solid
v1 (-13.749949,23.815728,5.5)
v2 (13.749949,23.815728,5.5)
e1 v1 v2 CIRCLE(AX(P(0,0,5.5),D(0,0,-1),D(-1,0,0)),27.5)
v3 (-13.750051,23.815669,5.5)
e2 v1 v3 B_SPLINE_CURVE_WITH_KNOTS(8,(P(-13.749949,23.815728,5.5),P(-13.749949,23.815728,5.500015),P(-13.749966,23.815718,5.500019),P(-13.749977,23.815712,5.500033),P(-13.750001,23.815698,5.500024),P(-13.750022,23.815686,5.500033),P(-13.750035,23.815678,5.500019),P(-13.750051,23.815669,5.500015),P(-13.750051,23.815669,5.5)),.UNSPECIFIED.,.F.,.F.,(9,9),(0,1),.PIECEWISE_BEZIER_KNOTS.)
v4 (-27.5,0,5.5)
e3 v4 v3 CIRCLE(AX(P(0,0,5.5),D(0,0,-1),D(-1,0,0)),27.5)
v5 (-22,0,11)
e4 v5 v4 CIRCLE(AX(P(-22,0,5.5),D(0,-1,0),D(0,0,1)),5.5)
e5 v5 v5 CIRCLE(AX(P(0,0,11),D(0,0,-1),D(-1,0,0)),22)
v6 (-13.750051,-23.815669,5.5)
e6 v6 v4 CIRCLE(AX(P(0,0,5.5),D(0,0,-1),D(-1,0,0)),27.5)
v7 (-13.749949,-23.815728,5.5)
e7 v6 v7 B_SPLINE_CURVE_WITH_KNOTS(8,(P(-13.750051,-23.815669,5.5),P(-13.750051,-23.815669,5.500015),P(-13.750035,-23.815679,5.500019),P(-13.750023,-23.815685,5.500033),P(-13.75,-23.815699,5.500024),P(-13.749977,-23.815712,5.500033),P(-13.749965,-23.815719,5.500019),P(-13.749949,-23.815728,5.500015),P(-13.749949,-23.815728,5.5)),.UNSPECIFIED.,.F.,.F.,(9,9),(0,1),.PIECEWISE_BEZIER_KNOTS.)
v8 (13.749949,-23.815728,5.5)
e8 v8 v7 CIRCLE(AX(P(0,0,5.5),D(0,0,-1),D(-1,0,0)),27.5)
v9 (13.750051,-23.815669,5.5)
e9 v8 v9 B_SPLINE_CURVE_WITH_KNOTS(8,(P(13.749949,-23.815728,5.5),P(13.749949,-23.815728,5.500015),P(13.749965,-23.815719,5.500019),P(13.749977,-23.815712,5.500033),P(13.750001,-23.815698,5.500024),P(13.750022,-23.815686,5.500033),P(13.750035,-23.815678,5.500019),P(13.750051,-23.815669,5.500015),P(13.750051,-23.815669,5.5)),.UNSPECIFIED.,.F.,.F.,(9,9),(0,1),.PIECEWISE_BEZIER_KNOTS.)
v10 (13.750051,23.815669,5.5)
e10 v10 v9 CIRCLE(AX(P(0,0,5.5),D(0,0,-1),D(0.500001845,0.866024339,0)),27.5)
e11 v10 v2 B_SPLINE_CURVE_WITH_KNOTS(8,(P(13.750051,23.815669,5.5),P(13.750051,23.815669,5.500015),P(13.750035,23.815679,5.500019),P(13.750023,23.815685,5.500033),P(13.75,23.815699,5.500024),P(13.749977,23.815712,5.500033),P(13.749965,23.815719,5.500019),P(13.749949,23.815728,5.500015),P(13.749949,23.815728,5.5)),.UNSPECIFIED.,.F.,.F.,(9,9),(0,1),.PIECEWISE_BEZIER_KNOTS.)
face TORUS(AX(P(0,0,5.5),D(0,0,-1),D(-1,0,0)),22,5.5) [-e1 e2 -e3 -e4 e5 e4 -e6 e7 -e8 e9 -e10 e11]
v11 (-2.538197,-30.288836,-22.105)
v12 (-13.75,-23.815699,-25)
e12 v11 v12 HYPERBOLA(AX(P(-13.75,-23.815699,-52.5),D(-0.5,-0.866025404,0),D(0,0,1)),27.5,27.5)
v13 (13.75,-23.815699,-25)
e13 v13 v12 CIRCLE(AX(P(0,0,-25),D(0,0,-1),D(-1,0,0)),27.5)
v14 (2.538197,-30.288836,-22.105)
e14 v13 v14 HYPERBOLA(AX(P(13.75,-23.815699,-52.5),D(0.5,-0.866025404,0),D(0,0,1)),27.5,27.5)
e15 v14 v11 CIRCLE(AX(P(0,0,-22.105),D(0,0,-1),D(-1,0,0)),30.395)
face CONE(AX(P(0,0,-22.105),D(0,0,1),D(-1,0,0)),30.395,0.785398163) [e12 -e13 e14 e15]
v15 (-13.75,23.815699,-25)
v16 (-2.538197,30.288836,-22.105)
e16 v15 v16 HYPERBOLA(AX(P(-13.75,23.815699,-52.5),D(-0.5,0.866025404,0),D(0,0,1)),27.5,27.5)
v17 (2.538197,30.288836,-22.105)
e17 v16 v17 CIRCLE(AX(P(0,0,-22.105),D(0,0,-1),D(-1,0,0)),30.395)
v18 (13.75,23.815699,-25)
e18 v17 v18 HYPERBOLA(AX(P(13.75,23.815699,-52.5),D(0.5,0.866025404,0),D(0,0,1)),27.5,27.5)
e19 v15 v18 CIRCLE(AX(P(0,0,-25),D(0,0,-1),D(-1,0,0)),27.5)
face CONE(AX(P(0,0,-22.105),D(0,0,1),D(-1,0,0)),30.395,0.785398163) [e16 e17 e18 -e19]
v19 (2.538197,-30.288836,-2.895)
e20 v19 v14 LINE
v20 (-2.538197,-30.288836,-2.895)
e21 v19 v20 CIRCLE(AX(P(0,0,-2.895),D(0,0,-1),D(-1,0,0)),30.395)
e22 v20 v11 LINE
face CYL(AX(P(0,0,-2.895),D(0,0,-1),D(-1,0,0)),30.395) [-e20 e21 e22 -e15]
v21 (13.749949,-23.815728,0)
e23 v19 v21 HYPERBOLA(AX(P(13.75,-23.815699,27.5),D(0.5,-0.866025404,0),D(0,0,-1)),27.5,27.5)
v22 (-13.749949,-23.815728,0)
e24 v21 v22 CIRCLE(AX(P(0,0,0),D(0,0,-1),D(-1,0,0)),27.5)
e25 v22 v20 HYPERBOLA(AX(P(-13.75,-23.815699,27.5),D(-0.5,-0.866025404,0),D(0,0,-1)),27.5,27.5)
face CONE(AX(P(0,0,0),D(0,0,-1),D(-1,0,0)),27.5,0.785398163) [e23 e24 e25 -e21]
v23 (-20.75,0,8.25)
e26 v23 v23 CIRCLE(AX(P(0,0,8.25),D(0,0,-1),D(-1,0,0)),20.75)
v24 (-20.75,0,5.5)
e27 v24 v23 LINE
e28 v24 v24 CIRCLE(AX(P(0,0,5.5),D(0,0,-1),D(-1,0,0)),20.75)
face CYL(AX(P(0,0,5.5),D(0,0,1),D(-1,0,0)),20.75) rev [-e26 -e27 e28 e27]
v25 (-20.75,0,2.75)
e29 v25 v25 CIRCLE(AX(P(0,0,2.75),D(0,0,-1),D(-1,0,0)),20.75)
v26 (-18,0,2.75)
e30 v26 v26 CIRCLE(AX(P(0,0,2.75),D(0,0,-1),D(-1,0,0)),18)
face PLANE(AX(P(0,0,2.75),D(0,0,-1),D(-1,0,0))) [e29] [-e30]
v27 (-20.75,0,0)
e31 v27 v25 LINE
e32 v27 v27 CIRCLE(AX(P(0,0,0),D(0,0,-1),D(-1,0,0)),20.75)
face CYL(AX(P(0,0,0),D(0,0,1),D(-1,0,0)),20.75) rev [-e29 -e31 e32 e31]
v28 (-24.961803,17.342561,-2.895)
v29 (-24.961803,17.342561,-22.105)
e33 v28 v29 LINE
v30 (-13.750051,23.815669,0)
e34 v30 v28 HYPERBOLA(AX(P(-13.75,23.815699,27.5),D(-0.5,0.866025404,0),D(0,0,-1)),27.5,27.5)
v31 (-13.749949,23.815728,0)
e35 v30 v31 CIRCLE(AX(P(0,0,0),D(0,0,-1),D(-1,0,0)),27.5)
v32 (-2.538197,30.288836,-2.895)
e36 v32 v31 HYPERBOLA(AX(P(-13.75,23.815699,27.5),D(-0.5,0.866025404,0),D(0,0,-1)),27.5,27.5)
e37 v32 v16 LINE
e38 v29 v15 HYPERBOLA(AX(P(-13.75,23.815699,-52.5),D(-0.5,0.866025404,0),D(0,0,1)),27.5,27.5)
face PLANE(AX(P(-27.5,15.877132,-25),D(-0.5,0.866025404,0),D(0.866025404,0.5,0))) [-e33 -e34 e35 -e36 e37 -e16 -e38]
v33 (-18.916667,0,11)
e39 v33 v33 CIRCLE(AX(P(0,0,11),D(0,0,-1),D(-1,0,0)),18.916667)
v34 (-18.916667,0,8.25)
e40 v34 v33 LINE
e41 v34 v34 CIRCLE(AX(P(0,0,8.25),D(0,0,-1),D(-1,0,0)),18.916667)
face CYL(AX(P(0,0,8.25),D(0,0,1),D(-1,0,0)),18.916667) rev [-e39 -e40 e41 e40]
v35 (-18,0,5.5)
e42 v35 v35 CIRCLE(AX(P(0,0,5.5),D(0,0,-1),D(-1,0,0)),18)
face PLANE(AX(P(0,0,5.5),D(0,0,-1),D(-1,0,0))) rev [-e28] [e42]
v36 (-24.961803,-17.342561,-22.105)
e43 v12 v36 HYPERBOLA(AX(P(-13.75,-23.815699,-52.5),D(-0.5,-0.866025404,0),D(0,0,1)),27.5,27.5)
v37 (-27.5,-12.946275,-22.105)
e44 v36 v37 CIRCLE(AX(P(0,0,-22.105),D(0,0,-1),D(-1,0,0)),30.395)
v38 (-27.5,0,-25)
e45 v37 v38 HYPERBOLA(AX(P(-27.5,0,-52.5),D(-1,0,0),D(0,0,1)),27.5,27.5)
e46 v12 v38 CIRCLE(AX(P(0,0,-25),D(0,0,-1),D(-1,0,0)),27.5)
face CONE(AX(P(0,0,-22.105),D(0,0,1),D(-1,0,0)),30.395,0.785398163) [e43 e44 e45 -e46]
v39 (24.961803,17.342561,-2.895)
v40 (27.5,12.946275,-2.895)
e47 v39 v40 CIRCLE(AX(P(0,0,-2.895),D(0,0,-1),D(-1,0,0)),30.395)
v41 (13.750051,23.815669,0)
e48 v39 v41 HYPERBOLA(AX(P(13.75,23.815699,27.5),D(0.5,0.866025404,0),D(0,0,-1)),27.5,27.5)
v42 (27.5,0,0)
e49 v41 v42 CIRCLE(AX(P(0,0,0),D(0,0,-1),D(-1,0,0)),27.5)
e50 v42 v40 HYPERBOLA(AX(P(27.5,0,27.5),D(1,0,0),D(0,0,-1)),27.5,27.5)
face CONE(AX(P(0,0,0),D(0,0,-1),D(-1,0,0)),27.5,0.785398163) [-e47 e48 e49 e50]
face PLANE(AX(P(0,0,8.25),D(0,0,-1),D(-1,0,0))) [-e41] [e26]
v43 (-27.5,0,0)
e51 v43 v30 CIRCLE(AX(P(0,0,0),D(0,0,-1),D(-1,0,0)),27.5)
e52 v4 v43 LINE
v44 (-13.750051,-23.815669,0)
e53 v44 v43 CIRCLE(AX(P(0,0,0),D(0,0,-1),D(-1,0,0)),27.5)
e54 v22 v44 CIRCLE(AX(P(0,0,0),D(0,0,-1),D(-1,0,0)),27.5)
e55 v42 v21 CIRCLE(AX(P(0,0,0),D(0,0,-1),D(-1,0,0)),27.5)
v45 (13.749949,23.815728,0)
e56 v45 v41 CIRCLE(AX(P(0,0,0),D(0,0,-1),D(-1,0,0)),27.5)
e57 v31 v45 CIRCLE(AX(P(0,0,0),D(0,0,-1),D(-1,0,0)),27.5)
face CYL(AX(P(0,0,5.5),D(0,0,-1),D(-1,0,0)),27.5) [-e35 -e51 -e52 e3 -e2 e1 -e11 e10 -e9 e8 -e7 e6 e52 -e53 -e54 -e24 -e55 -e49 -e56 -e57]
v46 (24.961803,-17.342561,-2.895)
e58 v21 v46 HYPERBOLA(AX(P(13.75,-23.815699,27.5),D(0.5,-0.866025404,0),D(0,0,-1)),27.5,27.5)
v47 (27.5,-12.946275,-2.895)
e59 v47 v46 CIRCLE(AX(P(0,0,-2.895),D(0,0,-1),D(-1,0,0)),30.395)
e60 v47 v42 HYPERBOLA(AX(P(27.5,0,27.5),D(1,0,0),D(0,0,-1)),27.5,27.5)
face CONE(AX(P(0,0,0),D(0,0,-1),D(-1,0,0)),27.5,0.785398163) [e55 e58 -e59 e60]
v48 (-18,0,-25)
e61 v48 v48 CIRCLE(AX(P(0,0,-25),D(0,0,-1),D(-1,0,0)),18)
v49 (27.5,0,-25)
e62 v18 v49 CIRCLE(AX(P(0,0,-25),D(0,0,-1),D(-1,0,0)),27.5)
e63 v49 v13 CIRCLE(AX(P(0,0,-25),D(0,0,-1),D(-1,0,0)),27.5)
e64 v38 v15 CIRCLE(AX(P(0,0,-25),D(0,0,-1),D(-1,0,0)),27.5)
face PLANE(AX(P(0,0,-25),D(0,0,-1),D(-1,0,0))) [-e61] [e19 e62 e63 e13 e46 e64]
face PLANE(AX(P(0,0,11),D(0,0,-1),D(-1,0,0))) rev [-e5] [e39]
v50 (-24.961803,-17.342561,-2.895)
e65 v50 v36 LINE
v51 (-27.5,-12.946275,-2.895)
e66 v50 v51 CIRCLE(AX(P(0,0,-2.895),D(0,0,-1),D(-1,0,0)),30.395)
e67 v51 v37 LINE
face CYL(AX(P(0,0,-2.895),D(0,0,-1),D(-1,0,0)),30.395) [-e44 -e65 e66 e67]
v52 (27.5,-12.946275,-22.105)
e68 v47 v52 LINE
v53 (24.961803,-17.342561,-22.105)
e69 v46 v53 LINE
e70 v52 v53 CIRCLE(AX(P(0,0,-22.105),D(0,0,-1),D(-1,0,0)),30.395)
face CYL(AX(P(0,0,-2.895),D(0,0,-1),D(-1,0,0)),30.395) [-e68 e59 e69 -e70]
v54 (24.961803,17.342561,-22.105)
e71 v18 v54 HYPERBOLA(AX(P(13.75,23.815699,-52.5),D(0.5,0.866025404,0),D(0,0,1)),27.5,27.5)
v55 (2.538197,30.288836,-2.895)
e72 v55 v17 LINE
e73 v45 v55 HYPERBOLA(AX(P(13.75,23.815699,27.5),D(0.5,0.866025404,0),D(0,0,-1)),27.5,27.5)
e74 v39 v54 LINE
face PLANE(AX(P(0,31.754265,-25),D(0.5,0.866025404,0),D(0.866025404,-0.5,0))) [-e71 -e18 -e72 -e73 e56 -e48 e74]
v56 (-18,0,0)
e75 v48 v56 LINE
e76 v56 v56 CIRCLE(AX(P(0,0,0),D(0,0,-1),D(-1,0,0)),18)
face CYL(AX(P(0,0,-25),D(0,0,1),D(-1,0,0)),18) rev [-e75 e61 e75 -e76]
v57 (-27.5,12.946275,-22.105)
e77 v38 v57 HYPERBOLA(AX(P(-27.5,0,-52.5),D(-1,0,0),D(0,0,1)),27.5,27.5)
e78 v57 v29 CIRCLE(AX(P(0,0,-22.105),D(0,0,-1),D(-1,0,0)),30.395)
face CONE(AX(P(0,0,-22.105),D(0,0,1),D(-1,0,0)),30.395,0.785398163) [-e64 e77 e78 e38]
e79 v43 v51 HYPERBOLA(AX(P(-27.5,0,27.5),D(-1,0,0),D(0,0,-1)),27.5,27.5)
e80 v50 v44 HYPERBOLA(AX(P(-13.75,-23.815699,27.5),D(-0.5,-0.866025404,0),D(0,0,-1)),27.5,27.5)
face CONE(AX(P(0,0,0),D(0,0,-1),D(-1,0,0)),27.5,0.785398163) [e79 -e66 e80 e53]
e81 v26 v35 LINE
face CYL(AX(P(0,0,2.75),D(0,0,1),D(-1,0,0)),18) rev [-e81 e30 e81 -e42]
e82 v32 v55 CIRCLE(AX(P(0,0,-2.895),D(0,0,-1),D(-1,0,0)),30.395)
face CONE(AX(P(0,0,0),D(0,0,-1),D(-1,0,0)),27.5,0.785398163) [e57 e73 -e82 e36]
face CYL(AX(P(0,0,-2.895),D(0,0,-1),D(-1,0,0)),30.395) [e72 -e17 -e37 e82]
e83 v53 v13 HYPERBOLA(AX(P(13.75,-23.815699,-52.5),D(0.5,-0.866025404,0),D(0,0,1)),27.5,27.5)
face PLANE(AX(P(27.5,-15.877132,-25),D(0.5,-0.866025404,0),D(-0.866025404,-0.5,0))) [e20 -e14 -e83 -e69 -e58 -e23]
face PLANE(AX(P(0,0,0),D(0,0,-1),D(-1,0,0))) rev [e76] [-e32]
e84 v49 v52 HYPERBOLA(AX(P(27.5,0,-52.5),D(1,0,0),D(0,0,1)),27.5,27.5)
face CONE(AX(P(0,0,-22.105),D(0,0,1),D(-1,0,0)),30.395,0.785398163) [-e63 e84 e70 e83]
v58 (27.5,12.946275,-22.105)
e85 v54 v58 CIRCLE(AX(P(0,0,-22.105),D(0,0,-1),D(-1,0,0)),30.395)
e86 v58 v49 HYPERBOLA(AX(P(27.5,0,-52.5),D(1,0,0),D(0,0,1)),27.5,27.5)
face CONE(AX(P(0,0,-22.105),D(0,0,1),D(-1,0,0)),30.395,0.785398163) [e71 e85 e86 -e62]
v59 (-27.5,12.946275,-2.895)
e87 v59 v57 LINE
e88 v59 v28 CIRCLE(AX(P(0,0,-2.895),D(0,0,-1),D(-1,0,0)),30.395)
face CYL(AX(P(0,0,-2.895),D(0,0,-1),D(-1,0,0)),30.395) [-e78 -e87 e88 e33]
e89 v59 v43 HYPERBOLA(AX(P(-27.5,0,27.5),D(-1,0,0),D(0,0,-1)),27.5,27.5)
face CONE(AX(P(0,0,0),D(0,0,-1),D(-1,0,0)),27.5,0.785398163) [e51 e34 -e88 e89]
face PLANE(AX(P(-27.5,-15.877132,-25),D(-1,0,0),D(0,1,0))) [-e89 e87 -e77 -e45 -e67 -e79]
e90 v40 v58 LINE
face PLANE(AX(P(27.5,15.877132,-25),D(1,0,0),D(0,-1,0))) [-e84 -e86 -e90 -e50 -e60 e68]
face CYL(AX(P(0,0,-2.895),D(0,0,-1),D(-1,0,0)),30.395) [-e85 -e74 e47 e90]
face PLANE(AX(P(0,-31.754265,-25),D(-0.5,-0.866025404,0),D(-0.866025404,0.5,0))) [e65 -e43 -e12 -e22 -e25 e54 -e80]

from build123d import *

# Parameters (mm, degrees)
EXTRUDE_2_DEPTH = 36


with BuildPart() as part:
    # Эскиз2 → Повернуть1 (revolve)
    with BuildSketch(Plane(origin=(0, 0, 0), x_dir=(1, 0, 0), z_dir=(0, 1, 0))):
        with BuildLine():
            Line((-18, 25), (-18, 0))
            Line((-18, 0), (-20.75, 0))
            Line((-20.75, 0), (-20.75, -2.75))
            Line((-20.75, -2.75), (-18, -2.75))
            Line((-18, -2.75), (-18, -5.5))
            Line((-18, -5.5), (-20.75, -5.5))
            Line((-20.75, -5.5), (-20.75, -8.25))
            Line((-20.75, -8.25), (-18.916666667, -8.25))
            Line((-18.916666667, -8.25), (-18.916666667, -11))
            Line((-18.916666667, -11), (-22, -11))
            ThreePointArc((-22, -11), (-25.889087297, -9.389087297), (-27.5, -5.5))
            Line((-27.5, -5.5), (-27.5, 0))
            Line((-27.5, 0), (-30.395, 2.895))
            Line((-30.395, 2.895), (-30.395, 22.105))
            Line((-30.395, 22.105), (-27.5, 25))
            Line((-27.5, 25), (-18, 25))
        make_face()
    revolve(axis=Axis((0, 0, 84.230364838), (0, 0, -1)))


with BuildPart() as body_2:
    # Эскиз3 → Бобышка-Вытянуть2 (new body)
    with BuildSketch(Plane(origin=(0, 0, -25), x_dir=(-1, 0, 0), z_dir=(0, 0, -1))):
        Polygon((0, -31.754264805), (27.5, -15.877132403), (27.5, 15.877132403), (0, 31.754264805), (-27.5, 15.877132403), (-27.5, -15.877132403), align=None)
    extrude(amount=-EXTRUDE_2_DEPTH)


with BuildPart() as part_1:
    add(part.part)

    # Combine 1: intersect body 2
    add(body_2.part, mode=Mode.INTERSECT)


solid = part_1.part
